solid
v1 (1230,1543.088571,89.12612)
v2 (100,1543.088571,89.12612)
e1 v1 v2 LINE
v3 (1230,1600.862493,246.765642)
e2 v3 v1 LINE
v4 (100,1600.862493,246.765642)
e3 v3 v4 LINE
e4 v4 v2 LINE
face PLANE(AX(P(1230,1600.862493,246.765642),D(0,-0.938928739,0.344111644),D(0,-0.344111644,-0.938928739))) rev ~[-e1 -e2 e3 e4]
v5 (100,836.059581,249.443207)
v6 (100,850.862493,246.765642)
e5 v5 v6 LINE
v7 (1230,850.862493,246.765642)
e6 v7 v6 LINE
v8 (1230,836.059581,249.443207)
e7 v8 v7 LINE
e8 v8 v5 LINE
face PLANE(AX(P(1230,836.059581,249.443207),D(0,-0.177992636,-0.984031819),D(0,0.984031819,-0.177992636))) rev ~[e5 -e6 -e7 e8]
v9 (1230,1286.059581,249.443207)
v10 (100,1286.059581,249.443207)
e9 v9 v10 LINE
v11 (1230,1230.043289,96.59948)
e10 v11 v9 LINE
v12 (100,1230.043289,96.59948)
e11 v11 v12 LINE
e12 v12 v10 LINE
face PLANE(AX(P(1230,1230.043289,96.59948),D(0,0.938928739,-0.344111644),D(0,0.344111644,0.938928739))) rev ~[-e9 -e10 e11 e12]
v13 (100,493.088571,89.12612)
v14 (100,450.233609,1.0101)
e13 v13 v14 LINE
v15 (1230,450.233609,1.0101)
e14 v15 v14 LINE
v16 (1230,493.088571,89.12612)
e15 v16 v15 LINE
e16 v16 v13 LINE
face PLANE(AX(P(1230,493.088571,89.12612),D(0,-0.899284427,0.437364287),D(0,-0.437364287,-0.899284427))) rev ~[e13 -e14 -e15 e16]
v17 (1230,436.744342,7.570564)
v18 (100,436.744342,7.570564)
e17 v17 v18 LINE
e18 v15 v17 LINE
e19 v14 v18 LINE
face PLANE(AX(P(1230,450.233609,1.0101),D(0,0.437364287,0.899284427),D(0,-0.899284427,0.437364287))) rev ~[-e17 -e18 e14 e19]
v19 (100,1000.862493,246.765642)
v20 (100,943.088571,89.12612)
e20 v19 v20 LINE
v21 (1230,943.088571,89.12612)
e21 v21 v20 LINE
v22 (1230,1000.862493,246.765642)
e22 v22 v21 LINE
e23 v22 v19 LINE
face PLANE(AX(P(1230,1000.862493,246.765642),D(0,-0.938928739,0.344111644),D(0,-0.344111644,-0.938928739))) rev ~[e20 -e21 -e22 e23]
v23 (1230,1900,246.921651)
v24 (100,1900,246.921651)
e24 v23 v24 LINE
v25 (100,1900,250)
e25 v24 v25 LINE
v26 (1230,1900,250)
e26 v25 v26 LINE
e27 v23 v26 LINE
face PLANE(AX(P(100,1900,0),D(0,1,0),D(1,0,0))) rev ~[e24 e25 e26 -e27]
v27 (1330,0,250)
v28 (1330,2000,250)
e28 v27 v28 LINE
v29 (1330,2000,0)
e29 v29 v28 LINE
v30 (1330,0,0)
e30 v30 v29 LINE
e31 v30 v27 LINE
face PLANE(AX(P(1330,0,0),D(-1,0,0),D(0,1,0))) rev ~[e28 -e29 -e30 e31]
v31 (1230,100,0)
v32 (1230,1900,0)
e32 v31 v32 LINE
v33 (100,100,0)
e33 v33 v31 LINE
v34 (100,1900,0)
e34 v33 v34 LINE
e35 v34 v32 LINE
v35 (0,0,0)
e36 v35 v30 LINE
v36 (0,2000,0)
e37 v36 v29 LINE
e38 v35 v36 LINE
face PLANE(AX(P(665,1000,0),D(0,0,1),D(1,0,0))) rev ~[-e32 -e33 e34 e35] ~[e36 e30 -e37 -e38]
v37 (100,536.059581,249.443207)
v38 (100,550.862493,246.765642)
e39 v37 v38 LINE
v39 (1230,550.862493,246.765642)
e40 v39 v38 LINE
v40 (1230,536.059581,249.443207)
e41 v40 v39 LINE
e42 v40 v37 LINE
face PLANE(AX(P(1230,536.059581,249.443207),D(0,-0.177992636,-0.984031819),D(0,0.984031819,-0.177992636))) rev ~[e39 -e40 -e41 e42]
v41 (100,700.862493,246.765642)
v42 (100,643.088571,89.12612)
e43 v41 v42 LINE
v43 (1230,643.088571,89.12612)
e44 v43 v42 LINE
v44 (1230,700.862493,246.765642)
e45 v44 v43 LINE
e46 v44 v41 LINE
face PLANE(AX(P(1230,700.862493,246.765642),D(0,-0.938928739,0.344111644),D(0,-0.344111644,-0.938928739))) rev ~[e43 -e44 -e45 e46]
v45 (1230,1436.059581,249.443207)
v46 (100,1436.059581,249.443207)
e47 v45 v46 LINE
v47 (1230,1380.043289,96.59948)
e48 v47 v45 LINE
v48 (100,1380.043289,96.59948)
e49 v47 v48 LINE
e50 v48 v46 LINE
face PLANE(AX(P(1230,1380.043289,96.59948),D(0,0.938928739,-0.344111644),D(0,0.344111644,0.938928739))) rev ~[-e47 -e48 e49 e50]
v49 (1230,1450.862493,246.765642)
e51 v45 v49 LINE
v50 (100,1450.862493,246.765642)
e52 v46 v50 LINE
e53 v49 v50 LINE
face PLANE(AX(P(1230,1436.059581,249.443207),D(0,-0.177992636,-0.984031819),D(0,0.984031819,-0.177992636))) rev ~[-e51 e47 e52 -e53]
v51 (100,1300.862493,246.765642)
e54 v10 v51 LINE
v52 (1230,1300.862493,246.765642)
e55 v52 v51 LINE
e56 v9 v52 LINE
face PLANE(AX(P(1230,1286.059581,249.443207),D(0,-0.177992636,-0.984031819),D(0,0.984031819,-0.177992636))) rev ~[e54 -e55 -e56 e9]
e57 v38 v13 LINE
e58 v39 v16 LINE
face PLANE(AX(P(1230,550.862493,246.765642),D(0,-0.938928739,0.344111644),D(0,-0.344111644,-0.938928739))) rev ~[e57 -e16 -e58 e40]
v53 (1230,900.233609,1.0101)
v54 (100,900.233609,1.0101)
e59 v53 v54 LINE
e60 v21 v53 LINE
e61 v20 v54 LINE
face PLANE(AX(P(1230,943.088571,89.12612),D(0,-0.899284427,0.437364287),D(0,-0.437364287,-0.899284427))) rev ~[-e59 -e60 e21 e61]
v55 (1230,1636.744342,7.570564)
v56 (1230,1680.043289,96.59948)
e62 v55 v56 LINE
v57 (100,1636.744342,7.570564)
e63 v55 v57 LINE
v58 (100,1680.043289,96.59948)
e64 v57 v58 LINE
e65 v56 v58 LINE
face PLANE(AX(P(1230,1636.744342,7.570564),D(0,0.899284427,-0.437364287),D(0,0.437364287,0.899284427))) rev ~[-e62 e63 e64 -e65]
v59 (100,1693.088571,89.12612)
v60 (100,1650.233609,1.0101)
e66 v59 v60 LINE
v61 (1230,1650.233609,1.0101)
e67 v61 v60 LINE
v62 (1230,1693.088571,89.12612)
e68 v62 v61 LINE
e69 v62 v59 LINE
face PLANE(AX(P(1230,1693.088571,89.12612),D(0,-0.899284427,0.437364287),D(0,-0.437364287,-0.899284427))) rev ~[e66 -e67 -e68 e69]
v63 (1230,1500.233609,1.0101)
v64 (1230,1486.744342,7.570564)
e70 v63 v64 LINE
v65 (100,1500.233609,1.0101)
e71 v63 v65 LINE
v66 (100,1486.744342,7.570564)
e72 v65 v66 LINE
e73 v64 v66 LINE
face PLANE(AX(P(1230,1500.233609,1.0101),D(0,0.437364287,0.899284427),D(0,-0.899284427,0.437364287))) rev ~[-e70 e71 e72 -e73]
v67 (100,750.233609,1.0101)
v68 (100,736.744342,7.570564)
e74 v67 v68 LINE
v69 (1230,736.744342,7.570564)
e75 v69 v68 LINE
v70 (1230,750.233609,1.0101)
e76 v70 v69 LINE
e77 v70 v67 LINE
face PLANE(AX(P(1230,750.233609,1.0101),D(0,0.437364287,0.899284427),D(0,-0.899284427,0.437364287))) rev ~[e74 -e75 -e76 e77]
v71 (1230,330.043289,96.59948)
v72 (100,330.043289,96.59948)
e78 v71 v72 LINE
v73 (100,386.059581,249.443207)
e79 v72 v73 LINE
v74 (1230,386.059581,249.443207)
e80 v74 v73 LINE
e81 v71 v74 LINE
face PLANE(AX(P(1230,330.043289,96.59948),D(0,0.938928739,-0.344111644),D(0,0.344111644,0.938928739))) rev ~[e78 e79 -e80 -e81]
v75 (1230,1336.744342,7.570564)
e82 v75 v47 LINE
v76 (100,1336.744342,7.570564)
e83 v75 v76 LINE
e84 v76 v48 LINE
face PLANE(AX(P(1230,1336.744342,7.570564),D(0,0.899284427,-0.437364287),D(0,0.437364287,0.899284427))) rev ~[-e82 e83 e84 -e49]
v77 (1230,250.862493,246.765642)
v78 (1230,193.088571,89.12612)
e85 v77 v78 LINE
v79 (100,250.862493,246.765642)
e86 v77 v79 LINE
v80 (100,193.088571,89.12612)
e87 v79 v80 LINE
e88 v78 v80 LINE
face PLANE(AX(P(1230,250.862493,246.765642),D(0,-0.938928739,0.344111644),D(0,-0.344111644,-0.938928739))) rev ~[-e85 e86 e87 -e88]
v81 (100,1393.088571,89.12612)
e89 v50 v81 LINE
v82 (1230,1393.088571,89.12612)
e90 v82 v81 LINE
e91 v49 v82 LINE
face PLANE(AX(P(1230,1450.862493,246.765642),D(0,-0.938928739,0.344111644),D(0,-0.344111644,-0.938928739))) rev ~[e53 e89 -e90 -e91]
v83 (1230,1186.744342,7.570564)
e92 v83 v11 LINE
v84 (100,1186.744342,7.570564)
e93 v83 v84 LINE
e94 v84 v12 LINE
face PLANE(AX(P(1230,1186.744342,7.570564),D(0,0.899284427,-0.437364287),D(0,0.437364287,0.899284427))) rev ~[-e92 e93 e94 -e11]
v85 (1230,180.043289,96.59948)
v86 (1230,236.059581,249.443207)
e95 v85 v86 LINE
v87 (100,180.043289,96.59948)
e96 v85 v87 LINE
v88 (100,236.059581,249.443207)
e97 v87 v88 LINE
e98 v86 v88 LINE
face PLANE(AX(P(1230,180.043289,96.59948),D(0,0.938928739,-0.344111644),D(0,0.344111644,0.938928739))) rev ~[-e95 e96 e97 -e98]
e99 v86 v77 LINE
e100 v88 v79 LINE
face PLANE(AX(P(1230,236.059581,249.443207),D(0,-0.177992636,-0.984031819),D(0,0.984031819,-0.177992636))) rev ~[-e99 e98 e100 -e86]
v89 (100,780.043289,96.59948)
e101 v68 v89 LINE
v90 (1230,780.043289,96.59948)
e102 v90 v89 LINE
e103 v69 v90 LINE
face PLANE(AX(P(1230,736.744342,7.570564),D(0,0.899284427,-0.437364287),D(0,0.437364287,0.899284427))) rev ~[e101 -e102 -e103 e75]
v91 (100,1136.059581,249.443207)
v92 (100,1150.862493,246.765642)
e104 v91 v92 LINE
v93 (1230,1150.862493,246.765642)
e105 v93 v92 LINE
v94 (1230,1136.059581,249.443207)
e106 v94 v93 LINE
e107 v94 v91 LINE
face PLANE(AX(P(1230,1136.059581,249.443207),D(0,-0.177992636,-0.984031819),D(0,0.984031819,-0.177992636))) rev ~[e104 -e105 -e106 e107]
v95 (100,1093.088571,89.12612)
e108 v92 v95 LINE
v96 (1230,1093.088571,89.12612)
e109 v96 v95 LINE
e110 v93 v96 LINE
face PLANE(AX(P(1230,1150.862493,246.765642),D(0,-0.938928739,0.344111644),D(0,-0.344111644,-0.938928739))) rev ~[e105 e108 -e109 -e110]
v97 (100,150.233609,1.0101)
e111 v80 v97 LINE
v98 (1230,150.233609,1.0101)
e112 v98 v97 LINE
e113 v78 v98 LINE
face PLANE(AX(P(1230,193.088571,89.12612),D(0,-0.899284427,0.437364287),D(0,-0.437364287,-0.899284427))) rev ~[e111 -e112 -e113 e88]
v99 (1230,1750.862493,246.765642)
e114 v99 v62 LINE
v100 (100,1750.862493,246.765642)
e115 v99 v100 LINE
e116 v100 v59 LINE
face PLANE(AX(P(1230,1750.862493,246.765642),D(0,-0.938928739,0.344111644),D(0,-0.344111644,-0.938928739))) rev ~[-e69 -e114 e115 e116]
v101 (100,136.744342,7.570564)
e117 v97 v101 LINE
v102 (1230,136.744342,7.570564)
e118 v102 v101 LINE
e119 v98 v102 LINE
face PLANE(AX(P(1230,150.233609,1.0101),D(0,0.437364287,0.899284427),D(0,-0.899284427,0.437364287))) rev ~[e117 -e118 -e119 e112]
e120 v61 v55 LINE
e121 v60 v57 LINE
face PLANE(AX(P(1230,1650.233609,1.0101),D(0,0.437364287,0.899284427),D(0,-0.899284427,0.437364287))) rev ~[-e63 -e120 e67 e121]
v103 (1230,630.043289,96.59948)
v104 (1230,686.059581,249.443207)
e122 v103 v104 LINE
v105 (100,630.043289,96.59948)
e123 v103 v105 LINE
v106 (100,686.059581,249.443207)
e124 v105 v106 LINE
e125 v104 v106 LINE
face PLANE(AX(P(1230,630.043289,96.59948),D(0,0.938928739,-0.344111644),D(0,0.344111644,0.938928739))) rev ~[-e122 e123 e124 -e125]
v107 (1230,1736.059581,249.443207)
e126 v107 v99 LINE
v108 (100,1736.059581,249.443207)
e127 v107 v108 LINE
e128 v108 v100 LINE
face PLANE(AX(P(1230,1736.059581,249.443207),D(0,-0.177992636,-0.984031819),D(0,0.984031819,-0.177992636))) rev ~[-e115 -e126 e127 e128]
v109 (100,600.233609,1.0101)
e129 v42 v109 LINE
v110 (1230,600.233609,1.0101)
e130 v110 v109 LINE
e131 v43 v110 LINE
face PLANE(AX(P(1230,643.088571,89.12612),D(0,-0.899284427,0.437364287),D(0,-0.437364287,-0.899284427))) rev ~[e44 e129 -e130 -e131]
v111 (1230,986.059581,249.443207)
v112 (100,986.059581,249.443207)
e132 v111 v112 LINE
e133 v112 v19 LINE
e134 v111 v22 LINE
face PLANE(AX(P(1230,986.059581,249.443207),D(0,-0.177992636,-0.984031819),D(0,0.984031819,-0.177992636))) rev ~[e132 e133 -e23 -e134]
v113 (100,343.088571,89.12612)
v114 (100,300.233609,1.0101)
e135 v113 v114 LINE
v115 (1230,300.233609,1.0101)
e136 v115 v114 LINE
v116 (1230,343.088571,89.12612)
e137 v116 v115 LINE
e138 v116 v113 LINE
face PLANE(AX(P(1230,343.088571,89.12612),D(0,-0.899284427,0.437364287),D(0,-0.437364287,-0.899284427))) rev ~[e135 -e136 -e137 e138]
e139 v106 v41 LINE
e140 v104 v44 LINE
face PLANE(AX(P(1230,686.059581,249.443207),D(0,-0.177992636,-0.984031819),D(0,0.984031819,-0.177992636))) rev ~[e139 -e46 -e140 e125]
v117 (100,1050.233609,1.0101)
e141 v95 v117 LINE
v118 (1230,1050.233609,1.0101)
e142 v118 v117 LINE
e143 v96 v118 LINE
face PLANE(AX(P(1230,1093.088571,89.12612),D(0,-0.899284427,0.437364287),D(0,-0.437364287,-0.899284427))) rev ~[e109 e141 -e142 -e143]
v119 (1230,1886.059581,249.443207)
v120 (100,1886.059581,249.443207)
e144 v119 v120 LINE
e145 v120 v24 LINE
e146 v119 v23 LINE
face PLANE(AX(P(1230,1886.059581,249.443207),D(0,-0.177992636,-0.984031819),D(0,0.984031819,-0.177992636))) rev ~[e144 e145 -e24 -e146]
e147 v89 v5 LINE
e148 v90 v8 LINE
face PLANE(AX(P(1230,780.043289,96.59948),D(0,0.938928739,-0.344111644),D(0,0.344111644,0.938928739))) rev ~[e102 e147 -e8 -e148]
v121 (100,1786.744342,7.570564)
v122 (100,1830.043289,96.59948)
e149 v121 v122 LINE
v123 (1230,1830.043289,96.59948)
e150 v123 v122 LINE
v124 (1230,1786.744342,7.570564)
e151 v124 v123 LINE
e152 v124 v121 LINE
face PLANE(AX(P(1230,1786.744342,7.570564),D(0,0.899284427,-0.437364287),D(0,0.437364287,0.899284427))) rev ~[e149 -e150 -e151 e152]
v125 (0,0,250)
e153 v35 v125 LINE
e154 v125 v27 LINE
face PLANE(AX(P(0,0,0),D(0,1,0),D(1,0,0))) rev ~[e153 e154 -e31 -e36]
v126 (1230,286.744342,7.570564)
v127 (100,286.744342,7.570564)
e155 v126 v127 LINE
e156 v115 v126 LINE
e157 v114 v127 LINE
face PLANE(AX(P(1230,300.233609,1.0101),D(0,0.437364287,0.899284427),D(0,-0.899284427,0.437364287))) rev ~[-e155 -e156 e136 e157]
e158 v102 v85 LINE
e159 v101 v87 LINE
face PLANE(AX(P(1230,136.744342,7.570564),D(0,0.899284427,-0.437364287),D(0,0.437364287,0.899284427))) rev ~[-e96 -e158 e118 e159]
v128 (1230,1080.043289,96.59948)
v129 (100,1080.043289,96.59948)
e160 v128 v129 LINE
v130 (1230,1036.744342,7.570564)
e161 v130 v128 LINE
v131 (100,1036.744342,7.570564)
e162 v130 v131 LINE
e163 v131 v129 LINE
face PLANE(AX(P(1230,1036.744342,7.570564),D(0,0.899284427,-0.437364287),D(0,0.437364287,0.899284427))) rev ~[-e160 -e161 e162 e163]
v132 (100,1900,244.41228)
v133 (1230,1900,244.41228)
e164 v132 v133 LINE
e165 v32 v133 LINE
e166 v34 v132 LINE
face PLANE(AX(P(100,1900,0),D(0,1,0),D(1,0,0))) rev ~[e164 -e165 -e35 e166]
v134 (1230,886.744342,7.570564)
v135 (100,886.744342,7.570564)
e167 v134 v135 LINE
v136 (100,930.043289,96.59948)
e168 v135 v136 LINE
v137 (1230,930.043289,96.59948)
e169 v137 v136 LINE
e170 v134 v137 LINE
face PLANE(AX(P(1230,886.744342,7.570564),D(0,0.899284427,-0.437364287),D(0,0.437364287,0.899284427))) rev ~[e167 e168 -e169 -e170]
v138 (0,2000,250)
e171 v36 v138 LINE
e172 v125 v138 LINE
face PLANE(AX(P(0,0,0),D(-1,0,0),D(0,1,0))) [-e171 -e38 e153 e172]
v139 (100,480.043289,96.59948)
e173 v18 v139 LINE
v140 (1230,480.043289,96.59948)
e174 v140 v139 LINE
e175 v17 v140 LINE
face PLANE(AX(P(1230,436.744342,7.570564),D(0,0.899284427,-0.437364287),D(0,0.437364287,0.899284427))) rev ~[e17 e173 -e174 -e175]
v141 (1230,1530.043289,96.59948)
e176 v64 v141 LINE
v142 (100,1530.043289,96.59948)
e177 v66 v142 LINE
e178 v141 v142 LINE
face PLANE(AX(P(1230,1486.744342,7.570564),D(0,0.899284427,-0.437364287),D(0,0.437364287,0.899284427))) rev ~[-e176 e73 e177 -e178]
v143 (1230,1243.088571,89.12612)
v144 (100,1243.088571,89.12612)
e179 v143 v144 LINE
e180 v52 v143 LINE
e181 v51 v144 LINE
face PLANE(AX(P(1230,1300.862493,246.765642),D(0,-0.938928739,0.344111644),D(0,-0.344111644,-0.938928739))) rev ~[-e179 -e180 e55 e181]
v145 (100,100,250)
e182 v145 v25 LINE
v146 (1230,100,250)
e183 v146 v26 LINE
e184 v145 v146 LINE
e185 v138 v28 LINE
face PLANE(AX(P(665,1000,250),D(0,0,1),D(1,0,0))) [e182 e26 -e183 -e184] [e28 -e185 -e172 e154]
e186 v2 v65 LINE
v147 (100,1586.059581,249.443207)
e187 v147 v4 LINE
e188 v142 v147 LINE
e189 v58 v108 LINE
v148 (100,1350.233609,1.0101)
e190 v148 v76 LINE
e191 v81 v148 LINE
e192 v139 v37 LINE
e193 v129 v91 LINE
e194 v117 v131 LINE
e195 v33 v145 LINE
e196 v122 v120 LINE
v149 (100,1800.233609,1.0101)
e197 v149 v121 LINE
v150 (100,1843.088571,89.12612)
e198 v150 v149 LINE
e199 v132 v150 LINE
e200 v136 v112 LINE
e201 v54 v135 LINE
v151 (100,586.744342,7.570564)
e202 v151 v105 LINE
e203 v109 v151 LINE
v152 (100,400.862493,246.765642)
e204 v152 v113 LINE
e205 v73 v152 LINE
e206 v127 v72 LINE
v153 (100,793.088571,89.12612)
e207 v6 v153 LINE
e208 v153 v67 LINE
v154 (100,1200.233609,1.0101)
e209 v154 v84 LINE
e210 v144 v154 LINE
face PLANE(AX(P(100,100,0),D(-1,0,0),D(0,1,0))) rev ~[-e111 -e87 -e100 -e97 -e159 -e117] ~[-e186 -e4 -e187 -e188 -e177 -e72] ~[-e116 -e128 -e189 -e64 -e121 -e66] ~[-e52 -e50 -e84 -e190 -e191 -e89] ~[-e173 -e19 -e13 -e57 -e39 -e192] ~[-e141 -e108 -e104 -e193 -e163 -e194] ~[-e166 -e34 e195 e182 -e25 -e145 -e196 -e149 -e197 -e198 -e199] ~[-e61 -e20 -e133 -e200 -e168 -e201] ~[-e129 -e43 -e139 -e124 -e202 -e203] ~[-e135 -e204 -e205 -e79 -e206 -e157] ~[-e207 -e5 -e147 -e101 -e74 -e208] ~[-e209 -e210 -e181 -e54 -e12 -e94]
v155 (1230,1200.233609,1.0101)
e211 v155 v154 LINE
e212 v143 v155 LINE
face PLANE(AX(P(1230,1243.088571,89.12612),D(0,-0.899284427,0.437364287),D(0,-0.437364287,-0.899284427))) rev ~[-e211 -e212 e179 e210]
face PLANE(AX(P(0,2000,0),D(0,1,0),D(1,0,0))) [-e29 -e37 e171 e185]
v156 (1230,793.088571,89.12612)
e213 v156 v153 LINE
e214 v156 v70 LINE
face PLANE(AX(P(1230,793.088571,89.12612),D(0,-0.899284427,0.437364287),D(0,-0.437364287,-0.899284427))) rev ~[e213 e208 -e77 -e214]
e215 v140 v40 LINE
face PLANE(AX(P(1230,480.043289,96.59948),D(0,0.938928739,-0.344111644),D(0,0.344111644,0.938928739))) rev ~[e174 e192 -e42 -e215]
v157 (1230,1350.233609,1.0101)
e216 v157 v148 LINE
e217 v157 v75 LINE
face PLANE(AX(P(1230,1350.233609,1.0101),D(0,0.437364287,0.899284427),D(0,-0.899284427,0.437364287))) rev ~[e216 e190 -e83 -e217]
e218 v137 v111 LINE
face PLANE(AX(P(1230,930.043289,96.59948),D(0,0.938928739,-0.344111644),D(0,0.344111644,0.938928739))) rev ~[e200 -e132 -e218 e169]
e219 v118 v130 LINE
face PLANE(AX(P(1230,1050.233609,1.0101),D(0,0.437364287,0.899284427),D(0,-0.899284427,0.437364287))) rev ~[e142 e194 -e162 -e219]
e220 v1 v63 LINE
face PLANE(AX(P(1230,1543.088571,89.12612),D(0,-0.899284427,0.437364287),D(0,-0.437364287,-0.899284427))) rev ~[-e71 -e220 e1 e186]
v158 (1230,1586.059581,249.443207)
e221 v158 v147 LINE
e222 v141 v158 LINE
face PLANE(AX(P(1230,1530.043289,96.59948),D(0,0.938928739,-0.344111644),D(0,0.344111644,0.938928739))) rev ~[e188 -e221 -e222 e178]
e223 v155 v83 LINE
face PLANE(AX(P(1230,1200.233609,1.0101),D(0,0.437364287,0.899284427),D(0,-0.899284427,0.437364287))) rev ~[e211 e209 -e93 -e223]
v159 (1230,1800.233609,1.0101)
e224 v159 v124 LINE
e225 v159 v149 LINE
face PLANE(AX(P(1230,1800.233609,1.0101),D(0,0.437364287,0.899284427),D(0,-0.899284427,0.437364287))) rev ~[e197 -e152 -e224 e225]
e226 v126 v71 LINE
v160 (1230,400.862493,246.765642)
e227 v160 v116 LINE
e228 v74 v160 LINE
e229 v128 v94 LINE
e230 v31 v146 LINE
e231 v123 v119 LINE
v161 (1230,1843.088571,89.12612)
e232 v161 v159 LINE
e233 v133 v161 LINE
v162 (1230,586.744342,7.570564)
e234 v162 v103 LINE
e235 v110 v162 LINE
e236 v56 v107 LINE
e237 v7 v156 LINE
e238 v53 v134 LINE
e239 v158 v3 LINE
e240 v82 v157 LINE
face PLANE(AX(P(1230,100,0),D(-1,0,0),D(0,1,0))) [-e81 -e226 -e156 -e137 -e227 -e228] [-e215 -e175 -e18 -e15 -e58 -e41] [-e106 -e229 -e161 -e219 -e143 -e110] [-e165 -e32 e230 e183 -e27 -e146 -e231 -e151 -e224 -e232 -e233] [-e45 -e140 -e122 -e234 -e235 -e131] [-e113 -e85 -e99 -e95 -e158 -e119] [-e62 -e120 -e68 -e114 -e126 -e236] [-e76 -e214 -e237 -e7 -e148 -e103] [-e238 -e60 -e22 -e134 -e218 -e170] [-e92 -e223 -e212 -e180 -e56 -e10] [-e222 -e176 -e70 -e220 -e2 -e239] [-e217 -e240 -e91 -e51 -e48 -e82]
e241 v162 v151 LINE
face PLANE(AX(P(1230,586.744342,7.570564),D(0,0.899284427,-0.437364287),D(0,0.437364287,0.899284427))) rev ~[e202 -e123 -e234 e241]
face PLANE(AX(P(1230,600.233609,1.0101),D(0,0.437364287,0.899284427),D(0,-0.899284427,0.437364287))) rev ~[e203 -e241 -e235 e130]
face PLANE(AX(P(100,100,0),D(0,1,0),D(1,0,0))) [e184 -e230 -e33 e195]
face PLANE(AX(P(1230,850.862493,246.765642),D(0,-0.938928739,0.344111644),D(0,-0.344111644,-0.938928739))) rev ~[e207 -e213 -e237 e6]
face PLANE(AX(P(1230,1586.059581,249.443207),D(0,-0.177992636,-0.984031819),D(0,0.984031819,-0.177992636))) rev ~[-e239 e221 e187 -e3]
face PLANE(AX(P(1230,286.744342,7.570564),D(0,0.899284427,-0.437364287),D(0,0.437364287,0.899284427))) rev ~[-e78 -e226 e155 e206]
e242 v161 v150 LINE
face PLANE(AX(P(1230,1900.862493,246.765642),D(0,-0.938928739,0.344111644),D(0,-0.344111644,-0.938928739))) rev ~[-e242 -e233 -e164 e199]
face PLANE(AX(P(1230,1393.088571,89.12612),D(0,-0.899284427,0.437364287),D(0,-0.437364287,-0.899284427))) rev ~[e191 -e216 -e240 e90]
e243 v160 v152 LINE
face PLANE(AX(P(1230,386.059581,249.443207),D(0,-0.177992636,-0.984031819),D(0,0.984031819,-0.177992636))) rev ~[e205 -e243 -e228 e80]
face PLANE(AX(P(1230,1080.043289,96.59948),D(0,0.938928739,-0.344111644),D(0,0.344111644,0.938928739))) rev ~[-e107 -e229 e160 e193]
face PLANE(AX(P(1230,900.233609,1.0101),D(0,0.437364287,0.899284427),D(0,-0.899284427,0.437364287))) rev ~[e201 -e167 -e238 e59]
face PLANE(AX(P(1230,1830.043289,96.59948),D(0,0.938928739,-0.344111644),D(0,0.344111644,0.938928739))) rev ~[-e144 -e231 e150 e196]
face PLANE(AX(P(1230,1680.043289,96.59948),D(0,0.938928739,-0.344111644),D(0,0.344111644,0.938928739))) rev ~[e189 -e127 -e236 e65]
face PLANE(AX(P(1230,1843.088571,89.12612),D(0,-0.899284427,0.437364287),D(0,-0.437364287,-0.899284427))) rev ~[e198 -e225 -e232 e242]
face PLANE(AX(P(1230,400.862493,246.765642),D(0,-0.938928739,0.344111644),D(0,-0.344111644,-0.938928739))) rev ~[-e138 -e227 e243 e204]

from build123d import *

# Parameters (mm, degrees)
SKETCH2_W           = 1330
SKETCH2_H           = 2000
SKETCH2_W_2         = 1130
SKETCH2_H_2         = 1800
BOSS_EXTRUDE1_DEPTH = 250
BOSS_EXTRUDE7_DEPTH = 1130
LPATTERN1_COUNT     = 12
LPATTERN1_PITCH     = 150


with BuildPart() as part:
    # Sketch2 → Boss-Extrude1 (new body)
    with BuildSketch(Plane.XY):
        with Locations((665, 1000)):
            Rectangle(SKETCH2_W, SKETCH2_H)
        with Locations((665, 1000)):
            Rectangle(SKETCH2_W_2, SKETCH2_H_2, mode=Mode.SUBTRACT)
    extrude(amount=BOSS_EXTRUDE1_DEPTH)

    # Sketch3 → Boss-Extrude7 (add)
    with BuildSketch(Plane.ZY.offset(-1230)):
        Polygon((246.765642086, 250.862492694), (89.126120187, 193.08857144), (1.010099694, 150.233608791), (7.570564006, 136.74434239), (96.599479861, 180.043288966), (249.443207232, 236.059580838), align=None)
    boss_extrude7 = extrude(amount=BOSS_EXTRUDE7_DEPTH)

    # LPattern1: Boss-Extrude7 ×12
    with Locations(*[(0, i * LPATTERN1_PITCH, 0) for i in range(1, LPATTERN1_COUNT)]):
        add(boss_extrude7)


solid = part.part
